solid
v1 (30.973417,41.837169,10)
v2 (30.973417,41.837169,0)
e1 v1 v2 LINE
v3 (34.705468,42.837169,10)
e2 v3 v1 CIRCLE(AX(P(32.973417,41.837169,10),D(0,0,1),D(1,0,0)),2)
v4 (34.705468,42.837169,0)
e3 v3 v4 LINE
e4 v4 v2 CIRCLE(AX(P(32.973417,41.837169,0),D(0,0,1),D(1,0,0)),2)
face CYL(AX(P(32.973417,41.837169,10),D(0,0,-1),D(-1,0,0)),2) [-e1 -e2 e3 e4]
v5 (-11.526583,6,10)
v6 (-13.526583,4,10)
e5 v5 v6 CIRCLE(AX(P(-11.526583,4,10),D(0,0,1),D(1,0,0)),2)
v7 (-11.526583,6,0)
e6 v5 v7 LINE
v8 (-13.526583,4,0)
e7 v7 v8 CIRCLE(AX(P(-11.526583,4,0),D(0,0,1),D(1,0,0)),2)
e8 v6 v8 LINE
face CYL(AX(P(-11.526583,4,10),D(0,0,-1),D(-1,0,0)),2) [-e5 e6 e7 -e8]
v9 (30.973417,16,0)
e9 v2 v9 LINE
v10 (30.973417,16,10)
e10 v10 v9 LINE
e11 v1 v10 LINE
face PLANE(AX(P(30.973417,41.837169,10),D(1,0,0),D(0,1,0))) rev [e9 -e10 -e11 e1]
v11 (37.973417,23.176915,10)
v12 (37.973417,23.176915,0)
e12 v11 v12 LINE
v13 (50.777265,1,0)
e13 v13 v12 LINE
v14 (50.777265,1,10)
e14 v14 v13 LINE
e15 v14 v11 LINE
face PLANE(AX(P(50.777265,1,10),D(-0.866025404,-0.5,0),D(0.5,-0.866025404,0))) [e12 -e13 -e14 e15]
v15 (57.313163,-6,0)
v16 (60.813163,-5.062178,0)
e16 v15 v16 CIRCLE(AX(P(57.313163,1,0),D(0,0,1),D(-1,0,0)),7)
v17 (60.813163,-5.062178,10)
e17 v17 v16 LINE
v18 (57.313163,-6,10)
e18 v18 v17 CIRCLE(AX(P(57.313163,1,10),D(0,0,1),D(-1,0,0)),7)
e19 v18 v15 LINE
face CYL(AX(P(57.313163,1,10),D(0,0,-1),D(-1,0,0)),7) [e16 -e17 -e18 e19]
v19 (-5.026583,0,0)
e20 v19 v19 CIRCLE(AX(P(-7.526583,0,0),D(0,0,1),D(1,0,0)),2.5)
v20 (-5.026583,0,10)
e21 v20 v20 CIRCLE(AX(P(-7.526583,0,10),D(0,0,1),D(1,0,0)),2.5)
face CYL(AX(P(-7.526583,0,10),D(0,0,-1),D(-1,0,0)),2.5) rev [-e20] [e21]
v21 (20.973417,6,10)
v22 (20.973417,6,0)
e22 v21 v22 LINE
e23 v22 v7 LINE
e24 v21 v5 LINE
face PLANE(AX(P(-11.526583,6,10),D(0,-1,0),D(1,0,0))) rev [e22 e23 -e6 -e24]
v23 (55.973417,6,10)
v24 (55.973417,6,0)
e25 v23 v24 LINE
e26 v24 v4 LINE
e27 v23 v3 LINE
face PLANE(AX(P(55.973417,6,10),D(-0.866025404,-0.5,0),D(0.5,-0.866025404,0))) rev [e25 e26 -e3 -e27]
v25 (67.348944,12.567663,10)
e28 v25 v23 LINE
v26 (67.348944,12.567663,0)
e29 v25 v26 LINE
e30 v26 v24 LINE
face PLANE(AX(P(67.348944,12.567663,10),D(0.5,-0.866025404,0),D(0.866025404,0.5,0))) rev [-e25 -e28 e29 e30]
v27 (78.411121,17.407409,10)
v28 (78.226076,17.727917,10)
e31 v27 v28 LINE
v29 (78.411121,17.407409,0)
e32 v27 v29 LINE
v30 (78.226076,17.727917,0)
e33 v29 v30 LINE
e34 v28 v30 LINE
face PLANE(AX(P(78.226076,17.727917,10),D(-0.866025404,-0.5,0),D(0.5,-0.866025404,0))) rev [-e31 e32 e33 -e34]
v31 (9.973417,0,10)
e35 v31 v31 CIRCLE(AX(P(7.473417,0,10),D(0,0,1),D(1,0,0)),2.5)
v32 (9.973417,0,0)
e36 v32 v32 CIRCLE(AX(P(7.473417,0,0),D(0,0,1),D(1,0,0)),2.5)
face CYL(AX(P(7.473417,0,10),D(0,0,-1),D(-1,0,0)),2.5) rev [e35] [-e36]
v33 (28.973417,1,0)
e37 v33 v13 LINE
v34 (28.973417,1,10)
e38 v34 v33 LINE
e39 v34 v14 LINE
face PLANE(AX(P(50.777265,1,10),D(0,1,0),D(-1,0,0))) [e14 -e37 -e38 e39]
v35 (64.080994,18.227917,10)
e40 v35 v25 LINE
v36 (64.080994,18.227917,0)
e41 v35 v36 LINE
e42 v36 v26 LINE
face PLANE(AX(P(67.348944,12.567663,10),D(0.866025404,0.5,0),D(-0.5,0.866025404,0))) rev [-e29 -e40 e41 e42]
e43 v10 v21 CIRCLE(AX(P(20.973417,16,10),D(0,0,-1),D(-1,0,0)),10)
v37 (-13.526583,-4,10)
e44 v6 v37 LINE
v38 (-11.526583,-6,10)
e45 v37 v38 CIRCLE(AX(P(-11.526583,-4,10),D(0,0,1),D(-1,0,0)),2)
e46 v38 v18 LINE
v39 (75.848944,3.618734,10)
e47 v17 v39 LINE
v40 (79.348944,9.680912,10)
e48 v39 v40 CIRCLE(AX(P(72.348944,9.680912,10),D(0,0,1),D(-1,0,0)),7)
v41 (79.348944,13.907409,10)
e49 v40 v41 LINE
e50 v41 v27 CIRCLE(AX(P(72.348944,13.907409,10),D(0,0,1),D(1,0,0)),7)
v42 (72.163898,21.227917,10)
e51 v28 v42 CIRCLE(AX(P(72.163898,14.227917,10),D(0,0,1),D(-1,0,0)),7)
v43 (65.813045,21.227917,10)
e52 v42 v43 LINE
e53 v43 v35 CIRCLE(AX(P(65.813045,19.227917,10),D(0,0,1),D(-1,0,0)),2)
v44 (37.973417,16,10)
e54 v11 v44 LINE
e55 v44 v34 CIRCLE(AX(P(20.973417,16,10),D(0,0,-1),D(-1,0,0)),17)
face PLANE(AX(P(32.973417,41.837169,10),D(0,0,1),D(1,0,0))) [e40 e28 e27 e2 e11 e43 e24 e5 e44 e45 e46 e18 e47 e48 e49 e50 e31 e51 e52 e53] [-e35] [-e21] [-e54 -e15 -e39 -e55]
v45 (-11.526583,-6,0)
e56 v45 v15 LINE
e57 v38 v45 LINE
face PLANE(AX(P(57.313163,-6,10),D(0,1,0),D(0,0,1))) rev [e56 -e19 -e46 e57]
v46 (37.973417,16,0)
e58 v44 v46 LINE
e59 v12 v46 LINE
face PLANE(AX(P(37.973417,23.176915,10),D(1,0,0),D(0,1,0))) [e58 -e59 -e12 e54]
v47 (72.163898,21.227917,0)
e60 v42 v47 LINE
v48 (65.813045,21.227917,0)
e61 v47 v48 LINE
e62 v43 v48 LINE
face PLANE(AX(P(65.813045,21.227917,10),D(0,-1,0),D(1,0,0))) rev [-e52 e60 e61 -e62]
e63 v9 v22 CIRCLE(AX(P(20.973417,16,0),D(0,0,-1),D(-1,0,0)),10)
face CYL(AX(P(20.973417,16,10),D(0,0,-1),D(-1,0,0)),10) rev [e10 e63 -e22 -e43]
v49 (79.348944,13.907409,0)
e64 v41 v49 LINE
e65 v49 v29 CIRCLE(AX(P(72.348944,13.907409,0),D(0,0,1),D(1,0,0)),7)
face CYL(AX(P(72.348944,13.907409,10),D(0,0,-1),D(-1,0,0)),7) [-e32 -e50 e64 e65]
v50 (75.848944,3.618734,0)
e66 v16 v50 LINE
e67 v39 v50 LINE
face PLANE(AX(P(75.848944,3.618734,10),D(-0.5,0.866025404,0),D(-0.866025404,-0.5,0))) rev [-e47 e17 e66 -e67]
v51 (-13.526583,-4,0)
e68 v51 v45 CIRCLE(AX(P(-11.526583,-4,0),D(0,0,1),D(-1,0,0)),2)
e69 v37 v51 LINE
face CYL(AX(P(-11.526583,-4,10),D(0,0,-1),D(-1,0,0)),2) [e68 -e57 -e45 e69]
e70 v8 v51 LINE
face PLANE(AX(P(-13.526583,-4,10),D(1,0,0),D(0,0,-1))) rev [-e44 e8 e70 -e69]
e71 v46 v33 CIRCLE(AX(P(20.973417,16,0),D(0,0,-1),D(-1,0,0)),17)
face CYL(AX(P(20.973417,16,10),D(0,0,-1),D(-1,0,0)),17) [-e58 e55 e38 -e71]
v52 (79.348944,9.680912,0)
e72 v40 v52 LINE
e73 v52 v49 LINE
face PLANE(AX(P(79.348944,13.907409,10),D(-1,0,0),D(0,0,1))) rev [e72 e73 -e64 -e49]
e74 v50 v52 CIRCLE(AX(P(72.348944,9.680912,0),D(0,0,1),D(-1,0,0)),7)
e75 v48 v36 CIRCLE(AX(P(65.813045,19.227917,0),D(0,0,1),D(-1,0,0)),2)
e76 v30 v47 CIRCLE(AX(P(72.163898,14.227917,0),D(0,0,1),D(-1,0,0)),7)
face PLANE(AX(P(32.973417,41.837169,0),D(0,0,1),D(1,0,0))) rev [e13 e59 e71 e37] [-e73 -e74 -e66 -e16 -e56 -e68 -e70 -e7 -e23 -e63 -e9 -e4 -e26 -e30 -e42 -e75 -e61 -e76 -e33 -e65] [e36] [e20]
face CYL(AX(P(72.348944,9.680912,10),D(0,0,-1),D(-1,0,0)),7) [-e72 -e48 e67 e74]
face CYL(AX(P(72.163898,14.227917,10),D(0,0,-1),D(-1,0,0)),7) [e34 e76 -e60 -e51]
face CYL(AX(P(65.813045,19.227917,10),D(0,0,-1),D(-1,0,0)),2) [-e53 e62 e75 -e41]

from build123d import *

# Parameters (mm, degrees)
SKETCH1_R           = 2.5
BOSS_EXTRUDE1_DEPTH = 10


with BuildPart() as part:
    # Sketch1 → Boss-Extrude1 (new body)
    with BuildSketch(Plane.XY):
        with BuildLine():
            Line((-11.526582654, 6), (20.973417346, 6))
            ThreePointArc((20.973417346, 6), (28.044485158, 8.928932188), (30.973417346, 16))
            Line((30.973417346, 16), (30.973417346, 41.837168574))
            ThreePointArc((30.973417346, 41.837168574), (32.455779256, 43.769020227), (34.705468153, 42.837168574))
            Line((34.705468153, 42.837168574), (55.973417346, 6))
            Line((55.973417346, 6), (67.348943548, 12.567663115))
            Line((67.348943548, 12.567663115), (64.080994355, 18.227917153))
            ThreePointArc((64.080994355, 18.227917153), (64.080994355, 20.227917153), (65.813045163, 21.227917153))
            Line((65.813045163, 21.227917153), (72.163898124, 21.227917153))
            ThreePointArc((72.163898124, 21.227917153), (75.663898124, 20.290094979), (78.22607595, 17.727917153))
            Line((78.22607595, 17.727917153), (78.411121374, 17.407409077))
            ThreePointArc((78.411121374, 17.407409077), (79.110424332, 15.719142393), (79.348943548, 13.907409077))
            Line((79.348943548, 13.907409077), (79.348943548, 9.680911769))
            ThreePointArc((79.348943548, 9.680911769), (78.411121374, 6.180911769), (75.848943548, 3.618733942))
            Line((75.848943548, 3.618733942), (60.813163308, -5.062177826))
            ThreePointArc((60.813163308, -5.062177826), (59.124896624, -5.761480784), (57.313163308, -6))
            Line((57.313163308, -6), (-11.526582654, -6))
            ThreePointArc((-11.526582654, -6), (-12.940796217, -5.414213562), (-13.526582654, -4))
            Line((-13.526582654, -4), (-13.526582654, 4))
            ThreePointArc((-13.526582654, 4), (-12.940796217, 5.414213562), (-11.526582654, 6))
        make_face()
        with Locations((-7.526582654, 0)):
            Circle(SKETCH1_R, mode=Mode.SUBTRACT)
        with Locations((7.473417346, 0)):
            Circle(SKETCH1_R, mode=Mode.SUBTRACT)
        with BuildLine():
            Line((50.777264923, 1), (28.973417346, 1))
            ThreePointArc((28.973417346, 1), (35.550797083, 7.253572158), (37.973417346, 16))
            Line((37.973417346, 16), (37.973417346, 23.176914536))
            Line((37.973417346, 23.176914536), (50.777264923, 1))
        make_face(mode=Mode.SUBTRACT)
    extrude(amount=BOSS_EXTRUDE1_DEPTH)


solid = part.part
